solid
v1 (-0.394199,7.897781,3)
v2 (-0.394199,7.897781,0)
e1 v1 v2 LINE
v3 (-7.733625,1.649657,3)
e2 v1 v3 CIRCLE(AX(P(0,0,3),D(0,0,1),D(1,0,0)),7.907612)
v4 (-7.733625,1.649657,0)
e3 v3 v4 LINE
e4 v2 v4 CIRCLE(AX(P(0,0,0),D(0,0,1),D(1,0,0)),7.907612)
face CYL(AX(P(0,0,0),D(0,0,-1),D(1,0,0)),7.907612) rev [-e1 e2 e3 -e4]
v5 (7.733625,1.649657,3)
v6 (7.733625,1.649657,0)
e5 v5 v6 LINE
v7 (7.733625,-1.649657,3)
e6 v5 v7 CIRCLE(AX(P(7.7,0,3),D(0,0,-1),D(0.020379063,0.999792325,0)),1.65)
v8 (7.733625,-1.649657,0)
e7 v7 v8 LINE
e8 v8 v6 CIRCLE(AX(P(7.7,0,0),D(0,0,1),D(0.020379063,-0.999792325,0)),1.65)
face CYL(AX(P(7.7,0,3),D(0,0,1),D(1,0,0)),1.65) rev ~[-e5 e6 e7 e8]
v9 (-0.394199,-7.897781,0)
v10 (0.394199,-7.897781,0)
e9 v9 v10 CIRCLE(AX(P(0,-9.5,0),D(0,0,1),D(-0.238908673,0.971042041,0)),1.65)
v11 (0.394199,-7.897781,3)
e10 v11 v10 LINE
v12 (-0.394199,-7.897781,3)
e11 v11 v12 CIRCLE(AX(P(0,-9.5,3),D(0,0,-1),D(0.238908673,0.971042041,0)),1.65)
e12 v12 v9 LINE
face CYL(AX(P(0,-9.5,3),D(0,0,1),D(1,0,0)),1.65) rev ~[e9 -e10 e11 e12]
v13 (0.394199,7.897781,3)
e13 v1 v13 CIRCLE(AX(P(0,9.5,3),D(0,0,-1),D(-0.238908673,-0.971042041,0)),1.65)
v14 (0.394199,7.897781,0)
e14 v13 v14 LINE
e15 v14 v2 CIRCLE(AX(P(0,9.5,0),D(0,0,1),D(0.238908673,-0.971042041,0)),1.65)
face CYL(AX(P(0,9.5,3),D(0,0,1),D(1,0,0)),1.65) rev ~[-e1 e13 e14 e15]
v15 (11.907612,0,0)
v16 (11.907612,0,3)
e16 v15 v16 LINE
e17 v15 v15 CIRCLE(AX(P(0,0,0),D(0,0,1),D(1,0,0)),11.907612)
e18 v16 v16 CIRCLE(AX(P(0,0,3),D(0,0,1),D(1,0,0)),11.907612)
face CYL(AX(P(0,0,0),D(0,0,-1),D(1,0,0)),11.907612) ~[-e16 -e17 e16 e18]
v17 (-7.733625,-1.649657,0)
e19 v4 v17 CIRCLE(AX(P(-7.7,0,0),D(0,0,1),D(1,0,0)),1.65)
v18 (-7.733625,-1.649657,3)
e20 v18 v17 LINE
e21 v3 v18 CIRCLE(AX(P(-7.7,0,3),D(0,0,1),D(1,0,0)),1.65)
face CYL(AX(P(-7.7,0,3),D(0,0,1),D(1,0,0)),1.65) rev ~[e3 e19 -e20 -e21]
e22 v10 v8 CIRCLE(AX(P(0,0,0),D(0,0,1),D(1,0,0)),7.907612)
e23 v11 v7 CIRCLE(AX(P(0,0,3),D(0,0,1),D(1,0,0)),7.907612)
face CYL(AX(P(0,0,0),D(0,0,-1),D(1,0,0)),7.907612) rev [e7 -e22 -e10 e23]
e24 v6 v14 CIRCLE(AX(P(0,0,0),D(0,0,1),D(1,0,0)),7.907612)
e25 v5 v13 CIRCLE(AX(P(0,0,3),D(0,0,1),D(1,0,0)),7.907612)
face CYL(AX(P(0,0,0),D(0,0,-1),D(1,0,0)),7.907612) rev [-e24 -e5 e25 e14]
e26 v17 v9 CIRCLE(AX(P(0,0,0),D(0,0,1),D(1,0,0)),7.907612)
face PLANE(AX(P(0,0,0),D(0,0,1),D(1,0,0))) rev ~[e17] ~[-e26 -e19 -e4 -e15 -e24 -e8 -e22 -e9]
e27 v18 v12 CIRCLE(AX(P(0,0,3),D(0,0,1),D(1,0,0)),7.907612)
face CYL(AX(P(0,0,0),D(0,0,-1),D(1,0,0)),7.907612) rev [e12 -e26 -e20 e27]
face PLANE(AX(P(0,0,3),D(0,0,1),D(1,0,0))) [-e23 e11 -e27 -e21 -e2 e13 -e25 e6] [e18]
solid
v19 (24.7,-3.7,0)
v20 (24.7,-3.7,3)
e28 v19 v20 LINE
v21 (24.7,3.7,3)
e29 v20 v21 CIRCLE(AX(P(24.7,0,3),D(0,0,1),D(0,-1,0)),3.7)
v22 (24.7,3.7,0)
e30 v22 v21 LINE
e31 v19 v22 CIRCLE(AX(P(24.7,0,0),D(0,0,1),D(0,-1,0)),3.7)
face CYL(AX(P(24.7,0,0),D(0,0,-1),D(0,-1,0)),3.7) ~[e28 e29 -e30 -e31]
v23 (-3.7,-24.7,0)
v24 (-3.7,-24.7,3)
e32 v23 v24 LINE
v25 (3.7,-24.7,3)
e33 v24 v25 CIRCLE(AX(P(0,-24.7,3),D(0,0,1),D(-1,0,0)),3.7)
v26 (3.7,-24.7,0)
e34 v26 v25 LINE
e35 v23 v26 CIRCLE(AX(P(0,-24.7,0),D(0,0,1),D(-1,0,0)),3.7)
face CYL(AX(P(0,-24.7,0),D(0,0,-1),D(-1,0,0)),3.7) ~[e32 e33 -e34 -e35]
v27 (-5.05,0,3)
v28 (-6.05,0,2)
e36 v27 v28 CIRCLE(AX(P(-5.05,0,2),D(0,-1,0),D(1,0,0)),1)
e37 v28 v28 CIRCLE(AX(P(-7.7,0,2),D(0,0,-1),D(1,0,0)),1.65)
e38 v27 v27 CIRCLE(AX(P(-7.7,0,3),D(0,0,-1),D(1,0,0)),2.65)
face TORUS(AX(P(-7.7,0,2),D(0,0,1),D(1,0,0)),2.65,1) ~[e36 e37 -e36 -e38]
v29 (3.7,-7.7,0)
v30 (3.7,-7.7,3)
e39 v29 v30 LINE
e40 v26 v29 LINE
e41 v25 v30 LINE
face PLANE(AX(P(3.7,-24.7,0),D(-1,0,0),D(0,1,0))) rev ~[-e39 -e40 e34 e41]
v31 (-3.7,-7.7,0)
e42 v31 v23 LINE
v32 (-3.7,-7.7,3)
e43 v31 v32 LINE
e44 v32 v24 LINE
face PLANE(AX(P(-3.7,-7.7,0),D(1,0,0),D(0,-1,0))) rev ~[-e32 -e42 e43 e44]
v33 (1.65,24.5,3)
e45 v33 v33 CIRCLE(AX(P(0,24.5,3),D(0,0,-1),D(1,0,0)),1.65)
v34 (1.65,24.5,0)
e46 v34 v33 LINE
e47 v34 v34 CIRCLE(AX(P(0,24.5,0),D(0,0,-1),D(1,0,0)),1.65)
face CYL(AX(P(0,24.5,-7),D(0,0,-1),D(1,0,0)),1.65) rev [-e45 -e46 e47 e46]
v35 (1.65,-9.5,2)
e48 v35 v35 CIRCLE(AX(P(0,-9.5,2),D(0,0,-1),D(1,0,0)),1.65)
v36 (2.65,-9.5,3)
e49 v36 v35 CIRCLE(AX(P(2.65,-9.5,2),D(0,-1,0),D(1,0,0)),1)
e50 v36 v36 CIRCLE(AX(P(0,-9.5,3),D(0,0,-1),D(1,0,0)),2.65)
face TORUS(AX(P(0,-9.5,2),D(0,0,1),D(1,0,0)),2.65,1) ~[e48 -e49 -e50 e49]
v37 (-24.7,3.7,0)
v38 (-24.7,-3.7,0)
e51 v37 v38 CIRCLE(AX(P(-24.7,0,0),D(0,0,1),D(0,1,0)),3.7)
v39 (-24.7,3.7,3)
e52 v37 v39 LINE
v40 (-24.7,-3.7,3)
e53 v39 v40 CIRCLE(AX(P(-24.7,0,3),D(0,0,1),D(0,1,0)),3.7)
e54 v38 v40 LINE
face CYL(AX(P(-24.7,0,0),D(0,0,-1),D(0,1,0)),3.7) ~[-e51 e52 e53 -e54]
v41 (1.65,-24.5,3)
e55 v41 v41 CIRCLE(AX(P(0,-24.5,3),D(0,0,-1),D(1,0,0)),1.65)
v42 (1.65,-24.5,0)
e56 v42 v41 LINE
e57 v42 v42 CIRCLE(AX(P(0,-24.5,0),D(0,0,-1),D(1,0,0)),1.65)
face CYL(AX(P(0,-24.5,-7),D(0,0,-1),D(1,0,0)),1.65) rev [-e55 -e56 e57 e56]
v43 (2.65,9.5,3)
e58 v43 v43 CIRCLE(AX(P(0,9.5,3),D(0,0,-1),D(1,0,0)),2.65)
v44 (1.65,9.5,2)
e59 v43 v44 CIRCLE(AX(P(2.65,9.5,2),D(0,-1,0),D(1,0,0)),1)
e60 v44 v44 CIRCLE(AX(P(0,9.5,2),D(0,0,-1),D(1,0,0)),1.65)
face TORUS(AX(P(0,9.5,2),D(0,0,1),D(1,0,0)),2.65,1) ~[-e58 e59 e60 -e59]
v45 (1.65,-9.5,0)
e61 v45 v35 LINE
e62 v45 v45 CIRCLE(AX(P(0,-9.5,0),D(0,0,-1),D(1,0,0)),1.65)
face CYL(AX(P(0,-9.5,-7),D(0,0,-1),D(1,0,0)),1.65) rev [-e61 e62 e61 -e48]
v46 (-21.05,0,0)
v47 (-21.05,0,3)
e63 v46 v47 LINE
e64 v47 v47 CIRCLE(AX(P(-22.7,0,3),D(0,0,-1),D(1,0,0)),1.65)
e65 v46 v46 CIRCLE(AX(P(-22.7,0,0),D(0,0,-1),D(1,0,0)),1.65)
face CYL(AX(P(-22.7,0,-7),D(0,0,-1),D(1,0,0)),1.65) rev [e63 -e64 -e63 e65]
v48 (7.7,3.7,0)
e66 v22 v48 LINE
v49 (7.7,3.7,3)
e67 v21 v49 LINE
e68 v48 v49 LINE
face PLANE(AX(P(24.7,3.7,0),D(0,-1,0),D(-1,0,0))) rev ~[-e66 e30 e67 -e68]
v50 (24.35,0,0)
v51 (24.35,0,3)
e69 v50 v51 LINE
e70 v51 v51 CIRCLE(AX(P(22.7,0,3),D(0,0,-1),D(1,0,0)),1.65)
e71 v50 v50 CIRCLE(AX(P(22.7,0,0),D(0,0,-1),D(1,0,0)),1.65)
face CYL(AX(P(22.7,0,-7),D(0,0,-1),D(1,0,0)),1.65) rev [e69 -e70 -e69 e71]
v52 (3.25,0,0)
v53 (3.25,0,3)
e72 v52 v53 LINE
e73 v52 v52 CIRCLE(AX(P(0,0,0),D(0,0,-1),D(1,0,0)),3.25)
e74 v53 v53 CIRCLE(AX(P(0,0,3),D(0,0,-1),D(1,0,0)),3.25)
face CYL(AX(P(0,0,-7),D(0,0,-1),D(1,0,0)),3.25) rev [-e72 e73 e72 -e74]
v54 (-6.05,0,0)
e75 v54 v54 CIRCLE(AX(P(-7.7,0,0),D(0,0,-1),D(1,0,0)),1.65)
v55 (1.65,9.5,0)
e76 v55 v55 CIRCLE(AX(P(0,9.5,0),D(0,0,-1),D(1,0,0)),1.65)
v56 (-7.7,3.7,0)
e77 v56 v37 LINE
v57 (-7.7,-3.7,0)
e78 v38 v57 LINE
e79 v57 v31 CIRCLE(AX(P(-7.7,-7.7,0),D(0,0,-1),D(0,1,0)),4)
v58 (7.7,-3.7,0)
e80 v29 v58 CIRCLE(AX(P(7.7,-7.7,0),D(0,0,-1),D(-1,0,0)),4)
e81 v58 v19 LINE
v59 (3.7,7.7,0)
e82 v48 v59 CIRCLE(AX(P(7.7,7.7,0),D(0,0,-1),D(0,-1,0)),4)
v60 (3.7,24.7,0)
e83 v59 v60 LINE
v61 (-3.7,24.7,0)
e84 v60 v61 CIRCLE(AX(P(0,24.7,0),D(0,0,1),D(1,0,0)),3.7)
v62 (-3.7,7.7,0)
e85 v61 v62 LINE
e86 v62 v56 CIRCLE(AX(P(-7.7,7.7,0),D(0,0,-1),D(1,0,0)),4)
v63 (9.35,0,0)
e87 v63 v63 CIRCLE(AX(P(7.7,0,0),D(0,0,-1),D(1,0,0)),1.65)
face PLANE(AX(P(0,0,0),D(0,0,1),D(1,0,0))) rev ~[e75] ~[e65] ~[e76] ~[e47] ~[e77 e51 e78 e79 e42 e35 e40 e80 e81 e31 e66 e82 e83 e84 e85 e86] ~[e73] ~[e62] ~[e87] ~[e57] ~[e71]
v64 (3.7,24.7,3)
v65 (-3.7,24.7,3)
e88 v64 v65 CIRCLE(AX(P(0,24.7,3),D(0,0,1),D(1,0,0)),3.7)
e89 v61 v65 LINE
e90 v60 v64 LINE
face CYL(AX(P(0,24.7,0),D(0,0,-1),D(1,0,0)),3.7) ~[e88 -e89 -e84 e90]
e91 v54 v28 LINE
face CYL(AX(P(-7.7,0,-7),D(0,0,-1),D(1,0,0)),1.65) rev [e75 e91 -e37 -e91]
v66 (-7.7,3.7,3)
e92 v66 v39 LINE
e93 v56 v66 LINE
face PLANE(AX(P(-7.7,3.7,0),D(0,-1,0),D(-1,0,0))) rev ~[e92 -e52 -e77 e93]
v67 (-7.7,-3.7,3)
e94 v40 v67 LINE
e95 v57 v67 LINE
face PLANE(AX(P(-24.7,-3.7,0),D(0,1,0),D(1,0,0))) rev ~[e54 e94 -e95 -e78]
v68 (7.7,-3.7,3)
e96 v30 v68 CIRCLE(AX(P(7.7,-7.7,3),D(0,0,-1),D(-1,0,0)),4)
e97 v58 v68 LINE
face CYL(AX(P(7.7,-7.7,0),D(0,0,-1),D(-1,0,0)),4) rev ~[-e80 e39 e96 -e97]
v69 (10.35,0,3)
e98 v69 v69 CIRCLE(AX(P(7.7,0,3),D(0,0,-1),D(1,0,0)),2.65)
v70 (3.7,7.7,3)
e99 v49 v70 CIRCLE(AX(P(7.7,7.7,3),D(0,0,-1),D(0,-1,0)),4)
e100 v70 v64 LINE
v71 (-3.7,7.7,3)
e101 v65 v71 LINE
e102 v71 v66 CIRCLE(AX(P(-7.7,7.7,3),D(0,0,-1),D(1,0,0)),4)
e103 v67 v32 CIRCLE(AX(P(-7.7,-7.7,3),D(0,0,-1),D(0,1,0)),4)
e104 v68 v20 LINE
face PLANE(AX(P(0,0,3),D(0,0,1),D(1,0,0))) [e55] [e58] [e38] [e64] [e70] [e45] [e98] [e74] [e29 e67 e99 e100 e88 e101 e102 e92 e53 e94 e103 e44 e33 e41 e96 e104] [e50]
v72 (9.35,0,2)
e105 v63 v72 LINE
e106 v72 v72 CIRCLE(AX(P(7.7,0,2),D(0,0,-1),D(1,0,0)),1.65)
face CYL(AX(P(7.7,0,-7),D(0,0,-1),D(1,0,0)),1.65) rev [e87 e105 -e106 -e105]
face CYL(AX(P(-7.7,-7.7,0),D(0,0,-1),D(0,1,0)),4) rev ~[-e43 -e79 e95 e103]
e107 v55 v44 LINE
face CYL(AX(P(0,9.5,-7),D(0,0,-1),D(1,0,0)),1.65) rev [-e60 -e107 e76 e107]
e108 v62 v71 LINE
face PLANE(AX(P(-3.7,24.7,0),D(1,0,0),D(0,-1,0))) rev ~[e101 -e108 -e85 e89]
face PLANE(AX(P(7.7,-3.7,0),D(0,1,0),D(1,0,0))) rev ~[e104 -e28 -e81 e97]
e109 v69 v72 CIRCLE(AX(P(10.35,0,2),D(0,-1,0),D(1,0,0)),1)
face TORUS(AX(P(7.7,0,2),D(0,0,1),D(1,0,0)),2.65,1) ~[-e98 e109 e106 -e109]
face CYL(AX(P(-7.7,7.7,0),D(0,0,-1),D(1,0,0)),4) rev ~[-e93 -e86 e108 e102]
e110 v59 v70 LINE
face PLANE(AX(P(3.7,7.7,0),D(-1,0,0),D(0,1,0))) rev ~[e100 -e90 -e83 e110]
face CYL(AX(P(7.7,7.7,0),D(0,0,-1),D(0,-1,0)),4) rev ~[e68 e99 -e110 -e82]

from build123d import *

# Parameters (mm, degrees)
SALIENTE_EXTRUIR2_DEPTH    = 3
CORTAR_EXTRUIR1_DEPTH      = 10
CORTAR_EXTRUIR1_DEPTH_BACK = 10
CROQUIS3_R                 = 3.25
CROQUIS3_R_2               = 1.65
CROQUIS1_15_R              = 11.907612282
CROQUIS1_15_R_2            = 7.907612282
SALIENTE_EXTRUIR3_DEPTH    = 3
CROQUIS3_2_R               = 3.25
CROQUIS3_2_R_2             = 1.65
CORTAR_EXTRUIR2_DEPTH      = 3
REDONDEO2_R                = 1
REDONDEO3_R                = 1
REDONDEO4_R                = 1
REDONDEO5_R                = 1


with BuildPart() as part:
    # Croquis1 → Saliente-Extruir2 (new body)
    with BuildSketch(Plane.XY):
        with BuildLine():
            Line((-7.7, 3.7), (-24.7, 3.7))
            ThreePointArc((-24.7, 3.7), (-28.4, 0), (-24.7, -3.7))
            Line((-24.7, -3.7), (-7.7, -3.7))
            ThreePointArc((-7.7, -3.7), (-4.871572875, -4.871572875), (-3.7, -7.7))
            Line((-3.7, -7.7), (-3.7, -24.7))
            ThreePointArc((-3.7, -24.7), (0, -28.4), (3.7, -24.7))
            Line((3.7, -24.7), (3.7, -7.7))
            ThreePointArc((3.7, -7.7), (4.871572875, -4.871572875), (7.7, -3.7))
            Line((7.7, -3.7), (24.7, -3.7))
            ThreePointArc((24.7, -3.7), (28.4, 0), (24.7, 3.7))
            Line((24.7, 3.7), (7.7, 3.7))
            ThreePointArc((7.7, 3.7), (4.871572875, 4.871572875), (3.7, 7.7))
            Line((3.7, 7.7), (3.7, 24.7))
            ThreePointArc((3.7, 24.7), (0, 28.4), (-3.7, 24.7))
            Line((-3.7, 24.7), (-3.7, 7.7))
            ThreePointArc((-3.7, 7.7), (-4.871572875, 4.871572875), (-7.7, 3.7))
        make_face()
    extrude(amount=SALIENTE_EXTRUIR2_DEPTH)

    # Croquis3 → Cortar-Extruir1 (cut, two sides: drawn at the far end of the back side and taken through both)
    with BuildSketch(Plane.XY.offset(3).offset(-CORTAR_EXTRUIR1_DEPTH_BACK)):
        Circle(CROQUIS3_R)
        with Locations((-7.7, 0)):
            Circle(CROQUIS3_R_2)
        with Locations((-22.7, 0)):
            Circle(CROQUIS3_R_2)
        with Locations((0, -9.5)):
            Circle(CROQUIS3_R_2)
        with Locations((7.7, 0)):
            Circle(CROQUIS3_R_2)
        with Locations((0, 9.5)):
            Circle(CROQUIS3_R_2)
        with Locations((0, 24.5)):
            Circle(CROQUIS3_R_2)
        with Locations((22.7, 0)):
            Circle(CROQUIS3_R_2)
        with Locations((0, -24.5)):
            Circle(CROQUIS3_R_2)
    extrude(amount=CORTAR_EXTRUIR1_DEPTH + CORTAR_EXTRUIR1_DEPTH_BACK, mode=Mode.SUBTRACT)

    # Redondeo2
    redondeo2_edges = [part.edges().sort_by_distance(p)[0] for p in [
        (-9.35, 0, 3),
    ]]
    fillet(redondeo2_edges, radius=REDONDEO2_R)

    # Redondeo3
    redondeo3_edges = [part.edges().sort_by_distance(p)[0] for p in [
        (-1.65, 9.5, 3),
    ]]
    fillet(redondeo3_edges, radius=REDONDEO3_R)

    # Redondeo4
    redondeo4_edges = [part.edges().sort_by_distance(p)[0] for p in [
        (6.05, 0, 3),
    ]]
    fillet(redondeo4_edges, radius=REDONDEO4_R)

    # Redondeo5
    redondeo5_edges = [part.edges().sort_by_distance(p)[0] for p in [
        (-1.65, -9.5, 3),
    ]]
    fillet(redondeo5_edges, radius=REDONDEO5_R)


with BuildPart() as body_2:
    # Croquis1<15> → Saliente-Extruir3 (new body)
    with BuildSketch(Plane.XY):
        Circle(CROQUIS1_15_R)
        Circle(CROQUIS1_15_R_2, mode=Mode.SUBTRACT)
    extrude(amount=SALIENTE_EXTRUIR3_DEPTH)

    # Croquis3<2> → Cortar-Extruir2 (cut)
    with BuildSketch(Plane.XY.offset(3)):
        Circle(CROQUIS3_2_R)
        with Locations((-7.7, 0)):
            Circle(CROQUIS3_2_R_2)
        with Locations((-22.7, 0)):
            Circle(CROQUIS3_2_R_2)
        with Locations((0, -9.5)):
            Circle(CROQUIS3_2_R_2)
        with Locations((7.7, 0)):
            Circle(CROQUIS3_2_R_2)
        with Locations((0, 9.5)):
            Circle(CROQUIS3_2_R_2)
        with Locations((0, 24.5)):
            Circle(CROQUIS3_2_R_2)
        with Locations((22.7, 0)):
            Circle(CROQUIS3_2_R_2)
        with Locations((0, -24.5)):
            Circle(CROQUIS3_2_R_2)
    extrude(amount=-CORTAR_EXTRUIR2_DEPTH, mode=Mode.SUBTRACT)


solid = Compound([part.part, body_2.part])
